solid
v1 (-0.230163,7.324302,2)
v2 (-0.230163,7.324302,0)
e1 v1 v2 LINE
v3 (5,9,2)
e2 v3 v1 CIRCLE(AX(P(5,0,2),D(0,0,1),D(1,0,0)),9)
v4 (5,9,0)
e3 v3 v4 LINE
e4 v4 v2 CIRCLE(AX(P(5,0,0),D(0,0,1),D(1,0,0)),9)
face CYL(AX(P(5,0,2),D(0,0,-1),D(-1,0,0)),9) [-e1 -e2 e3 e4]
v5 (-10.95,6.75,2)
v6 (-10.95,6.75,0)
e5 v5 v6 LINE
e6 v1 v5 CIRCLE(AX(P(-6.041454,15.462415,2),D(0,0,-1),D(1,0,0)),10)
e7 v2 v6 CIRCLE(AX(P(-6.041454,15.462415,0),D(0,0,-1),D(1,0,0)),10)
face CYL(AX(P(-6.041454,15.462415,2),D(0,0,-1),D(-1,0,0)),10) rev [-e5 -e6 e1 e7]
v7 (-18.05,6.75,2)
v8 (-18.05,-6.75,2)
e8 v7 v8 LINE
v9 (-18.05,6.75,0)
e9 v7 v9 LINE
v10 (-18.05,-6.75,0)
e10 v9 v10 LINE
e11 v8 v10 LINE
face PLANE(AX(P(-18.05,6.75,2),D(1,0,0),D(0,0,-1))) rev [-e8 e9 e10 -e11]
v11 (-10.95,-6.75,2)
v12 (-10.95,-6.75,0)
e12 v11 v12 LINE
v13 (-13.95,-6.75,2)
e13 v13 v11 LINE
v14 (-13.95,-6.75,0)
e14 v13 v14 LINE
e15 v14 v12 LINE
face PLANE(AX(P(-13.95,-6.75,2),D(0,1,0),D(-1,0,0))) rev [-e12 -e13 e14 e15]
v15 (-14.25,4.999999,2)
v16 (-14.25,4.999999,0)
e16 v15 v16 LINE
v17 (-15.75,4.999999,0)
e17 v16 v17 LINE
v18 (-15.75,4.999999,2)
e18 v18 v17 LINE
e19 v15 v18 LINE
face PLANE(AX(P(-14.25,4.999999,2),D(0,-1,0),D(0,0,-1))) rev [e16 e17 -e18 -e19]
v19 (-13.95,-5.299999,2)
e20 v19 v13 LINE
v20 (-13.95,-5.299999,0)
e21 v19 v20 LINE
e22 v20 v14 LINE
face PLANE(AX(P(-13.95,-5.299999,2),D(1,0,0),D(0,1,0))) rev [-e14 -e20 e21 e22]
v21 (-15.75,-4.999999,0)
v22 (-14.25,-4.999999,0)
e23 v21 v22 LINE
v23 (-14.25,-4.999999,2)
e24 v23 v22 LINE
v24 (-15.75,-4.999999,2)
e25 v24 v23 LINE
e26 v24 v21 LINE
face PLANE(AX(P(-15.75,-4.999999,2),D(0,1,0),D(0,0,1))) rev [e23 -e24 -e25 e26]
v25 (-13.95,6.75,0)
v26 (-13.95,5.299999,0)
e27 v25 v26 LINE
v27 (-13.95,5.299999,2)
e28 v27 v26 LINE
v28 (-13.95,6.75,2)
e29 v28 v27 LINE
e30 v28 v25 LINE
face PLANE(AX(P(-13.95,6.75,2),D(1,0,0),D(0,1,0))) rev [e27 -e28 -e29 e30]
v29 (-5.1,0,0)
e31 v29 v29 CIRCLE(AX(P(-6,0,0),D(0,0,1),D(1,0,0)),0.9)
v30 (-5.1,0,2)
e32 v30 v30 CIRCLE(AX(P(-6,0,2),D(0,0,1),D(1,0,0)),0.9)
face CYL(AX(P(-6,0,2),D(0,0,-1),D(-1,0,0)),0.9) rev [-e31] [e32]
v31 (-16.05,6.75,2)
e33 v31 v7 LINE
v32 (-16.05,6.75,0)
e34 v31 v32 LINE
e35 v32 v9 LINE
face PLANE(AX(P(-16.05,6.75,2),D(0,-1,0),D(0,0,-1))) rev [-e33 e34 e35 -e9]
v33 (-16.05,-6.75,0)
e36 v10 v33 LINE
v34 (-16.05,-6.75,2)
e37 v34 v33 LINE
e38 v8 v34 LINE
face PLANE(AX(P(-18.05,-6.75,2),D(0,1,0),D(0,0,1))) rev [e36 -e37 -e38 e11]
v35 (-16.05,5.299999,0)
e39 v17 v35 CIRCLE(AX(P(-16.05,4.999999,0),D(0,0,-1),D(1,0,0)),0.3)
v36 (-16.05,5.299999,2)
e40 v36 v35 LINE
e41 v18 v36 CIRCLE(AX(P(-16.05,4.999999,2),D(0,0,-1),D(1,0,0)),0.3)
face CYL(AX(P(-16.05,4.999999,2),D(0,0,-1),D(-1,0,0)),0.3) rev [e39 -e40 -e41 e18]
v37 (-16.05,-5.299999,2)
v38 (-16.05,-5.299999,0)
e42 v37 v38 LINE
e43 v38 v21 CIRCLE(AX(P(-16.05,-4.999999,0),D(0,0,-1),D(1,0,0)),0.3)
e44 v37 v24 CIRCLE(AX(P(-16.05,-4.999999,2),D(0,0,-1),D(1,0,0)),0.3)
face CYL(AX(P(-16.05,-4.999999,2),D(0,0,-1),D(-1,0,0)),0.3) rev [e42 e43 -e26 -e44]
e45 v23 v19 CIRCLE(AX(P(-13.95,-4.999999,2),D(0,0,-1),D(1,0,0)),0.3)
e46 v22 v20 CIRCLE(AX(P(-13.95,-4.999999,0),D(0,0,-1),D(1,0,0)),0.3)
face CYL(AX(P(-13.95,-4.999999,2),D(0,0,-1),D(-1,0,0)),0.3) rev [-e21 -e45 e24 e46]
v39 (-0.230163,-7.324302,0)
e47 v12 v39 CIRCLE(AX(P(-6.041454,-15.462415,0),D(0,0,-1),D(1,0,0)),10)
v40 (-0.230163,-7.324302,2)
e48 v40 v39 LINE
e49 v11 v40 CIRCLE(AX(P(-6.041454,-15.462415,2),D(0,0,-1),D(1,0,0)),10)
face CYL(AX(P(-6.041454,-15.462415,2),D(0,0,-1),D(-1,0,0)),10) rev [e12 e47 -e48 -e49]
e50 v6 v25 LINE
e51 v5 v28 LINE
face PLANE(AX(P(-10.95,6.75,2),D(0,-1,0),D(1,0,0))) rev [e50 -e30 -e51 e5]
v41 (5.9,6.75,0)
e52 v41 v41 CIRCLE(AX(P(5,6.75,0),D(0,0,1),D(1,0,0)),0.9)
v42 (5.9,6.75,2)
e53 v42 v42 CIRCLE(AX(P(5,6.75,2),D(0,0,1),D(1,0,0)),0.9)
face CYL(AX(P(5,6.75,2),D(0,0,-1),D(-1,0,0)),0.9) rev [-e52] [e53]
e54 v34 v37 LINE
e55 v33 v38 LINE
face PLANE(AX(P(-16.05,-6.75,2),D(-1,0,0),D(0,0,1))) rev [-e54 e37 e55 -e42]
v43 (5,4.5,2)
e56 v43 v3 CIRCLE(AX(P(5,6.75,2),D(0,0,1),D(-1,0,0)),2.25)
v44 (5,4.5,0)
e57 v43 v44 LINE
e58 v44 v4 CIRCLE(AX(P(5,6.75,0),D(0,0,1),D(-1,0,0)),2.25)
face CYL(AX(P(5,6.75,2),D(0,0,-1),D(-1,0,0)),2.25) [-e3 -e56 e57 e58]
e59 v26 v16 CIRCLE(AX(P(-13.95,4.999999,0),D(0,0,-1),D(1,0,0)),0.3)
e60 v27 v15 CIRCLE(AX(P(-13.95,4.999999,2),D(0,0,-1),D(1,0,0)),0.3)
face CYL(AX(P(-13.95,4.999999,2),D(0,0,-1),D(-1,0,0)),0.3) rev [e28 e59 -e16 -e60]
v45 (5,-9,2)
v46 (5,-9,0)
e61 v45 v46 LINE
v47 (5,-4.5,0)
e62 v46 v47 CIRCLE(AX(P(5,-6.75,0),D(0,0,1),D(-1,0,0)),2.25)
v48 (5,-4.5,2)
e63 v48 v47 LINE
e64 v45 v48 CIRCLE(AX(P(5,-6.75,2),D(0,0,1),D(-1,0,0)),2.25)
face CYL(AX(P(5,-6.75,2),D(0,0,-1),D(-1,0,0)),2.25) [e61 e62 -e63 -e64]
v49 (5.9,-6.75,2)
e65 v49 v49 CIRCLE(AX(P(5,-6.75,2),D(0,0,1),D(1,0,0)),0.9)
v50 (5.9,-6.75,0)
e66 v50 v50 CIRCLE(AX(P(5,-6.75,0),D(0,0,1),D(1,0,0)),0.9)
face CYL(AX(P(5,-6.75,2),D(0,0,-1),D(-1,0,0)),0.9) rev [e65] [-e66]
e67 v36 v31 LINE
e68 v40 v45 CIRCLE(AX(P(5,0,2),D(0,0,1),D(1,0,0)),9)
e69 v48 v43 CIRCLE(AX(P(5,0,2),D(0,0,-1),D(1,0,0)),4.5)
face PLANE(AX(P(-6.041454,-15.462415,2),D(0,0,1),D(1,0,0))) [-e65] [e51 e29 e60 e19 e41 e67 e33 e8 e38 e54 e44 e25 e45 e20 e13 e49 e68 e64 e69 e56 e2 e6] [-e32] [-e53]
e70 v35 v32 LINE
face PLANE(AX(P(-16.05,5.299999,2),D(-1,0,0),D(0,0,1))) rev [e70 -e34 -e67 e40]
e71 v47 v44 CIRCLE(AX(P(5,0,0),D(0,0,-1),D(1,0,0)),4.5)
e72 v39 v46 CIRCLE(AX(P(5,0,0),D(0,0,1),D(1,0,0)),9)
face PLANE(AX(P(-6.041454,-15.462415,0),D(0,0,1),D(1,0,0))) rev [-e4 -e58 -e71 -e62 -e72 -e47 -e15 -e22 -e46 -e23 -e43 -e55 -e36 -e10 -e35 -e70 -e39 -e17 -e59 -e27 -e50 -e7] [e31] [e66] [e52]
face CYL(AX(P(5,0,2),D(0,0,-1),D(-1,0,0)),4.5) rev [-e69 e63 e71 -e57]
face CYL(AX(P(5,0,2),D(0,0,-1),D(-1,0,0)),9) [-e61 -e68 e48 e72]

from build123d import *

# Parameters (mm, degrees)
SKETCH_1_R      = 0.9
EXTRUDE_1_DEPTH = 2


with BuildPart() as part:
    # 草图1 → 凸台-拉伸1 (new body)
    with BuildSketch(Plane.XY):
        with BuildLine():
            Line((-13.95, -5.299998555), (-13.95, -6.75))
            Line((-13.95, -6.75), (-10.95, -6.75))
            ThreePointArc((-10.95, -6.75), (-5.506483958, -5.47673518), (-0.23016259, -7.324301965))
            ThreePointArc((-0.23016259, -7.324301965), (2.253977211, -8.570843532), (5, -9))
            ThreePointArc((5, -9), (7.25, -6.75), (5, -4.5))
            ThreePointArc((5, -4.5), (0.5, 0), (5, 4.5))
            ThreePointArc((5, 4.5), (7.25, 6.75), (5, 9))
            ThreePointArc((5, 9), (2.253977211, 8.570843532), (-0.23016259, 7.324301965))
            ThreePointArc((-0.23016259, 7.324301965), (-5.506483958, 5.47673518), (-10.95, 6.75))
            Line((-10.95, 6.75), (-13.95, 6.75))
            Line((-13.95, 6.75), (-13.95, 5.299998555))
            ThreePointArc((-13.95, 5.299998555), (-13.737867966, 4.787866521), (-14.25, 4.999998555))
            Line((-14.25, 4.999998555), (-15.75, 4.999998555))
            ThreePointArc((-15.75, 4.999998555), (-16.262132034, 4.787866521), (-16.05, 5.299998555))
            Line((-16.05, 5.299998555), (-16.05, 6.75))
            Line((-16.05, 6.75), (-18.05, 6.75))
            Line((-18.05, 6.75), (-18.05, -6.75))
            Line((-18.05, -6.75), (-16.05, -6.75))
            Line((-16.05, -6.75), (-16.05, -5.299998555))
            ThreePointArc((-16.05, -5.299998555), (-16.262132034, -4.787866521), (-15.75, -4.999998555))
            Line((-15.75, -4.999998555), (-14.25, -4.999998555))
            ThreePointArc((-14.25, -4.999998555), (-13.737867966, -4.787866521), (-13.95, -5.299998555))
        make_face()
        with Locations((-6, 0)):
            Circle(SKETCH_1_R, mode=Mode.SUBTRACT)
        with Locations((5, 6.75)):
            Circle(SKETCH_1_R, mode=Mode.SUBTRACT)
        with Locations((5, -6.75)):
            Circle(SKETCH_1_R, mode=Mode.SUBTRACT)
    extrude(amount=EXTRUDE_1_DEPTH)


solid = part.part
